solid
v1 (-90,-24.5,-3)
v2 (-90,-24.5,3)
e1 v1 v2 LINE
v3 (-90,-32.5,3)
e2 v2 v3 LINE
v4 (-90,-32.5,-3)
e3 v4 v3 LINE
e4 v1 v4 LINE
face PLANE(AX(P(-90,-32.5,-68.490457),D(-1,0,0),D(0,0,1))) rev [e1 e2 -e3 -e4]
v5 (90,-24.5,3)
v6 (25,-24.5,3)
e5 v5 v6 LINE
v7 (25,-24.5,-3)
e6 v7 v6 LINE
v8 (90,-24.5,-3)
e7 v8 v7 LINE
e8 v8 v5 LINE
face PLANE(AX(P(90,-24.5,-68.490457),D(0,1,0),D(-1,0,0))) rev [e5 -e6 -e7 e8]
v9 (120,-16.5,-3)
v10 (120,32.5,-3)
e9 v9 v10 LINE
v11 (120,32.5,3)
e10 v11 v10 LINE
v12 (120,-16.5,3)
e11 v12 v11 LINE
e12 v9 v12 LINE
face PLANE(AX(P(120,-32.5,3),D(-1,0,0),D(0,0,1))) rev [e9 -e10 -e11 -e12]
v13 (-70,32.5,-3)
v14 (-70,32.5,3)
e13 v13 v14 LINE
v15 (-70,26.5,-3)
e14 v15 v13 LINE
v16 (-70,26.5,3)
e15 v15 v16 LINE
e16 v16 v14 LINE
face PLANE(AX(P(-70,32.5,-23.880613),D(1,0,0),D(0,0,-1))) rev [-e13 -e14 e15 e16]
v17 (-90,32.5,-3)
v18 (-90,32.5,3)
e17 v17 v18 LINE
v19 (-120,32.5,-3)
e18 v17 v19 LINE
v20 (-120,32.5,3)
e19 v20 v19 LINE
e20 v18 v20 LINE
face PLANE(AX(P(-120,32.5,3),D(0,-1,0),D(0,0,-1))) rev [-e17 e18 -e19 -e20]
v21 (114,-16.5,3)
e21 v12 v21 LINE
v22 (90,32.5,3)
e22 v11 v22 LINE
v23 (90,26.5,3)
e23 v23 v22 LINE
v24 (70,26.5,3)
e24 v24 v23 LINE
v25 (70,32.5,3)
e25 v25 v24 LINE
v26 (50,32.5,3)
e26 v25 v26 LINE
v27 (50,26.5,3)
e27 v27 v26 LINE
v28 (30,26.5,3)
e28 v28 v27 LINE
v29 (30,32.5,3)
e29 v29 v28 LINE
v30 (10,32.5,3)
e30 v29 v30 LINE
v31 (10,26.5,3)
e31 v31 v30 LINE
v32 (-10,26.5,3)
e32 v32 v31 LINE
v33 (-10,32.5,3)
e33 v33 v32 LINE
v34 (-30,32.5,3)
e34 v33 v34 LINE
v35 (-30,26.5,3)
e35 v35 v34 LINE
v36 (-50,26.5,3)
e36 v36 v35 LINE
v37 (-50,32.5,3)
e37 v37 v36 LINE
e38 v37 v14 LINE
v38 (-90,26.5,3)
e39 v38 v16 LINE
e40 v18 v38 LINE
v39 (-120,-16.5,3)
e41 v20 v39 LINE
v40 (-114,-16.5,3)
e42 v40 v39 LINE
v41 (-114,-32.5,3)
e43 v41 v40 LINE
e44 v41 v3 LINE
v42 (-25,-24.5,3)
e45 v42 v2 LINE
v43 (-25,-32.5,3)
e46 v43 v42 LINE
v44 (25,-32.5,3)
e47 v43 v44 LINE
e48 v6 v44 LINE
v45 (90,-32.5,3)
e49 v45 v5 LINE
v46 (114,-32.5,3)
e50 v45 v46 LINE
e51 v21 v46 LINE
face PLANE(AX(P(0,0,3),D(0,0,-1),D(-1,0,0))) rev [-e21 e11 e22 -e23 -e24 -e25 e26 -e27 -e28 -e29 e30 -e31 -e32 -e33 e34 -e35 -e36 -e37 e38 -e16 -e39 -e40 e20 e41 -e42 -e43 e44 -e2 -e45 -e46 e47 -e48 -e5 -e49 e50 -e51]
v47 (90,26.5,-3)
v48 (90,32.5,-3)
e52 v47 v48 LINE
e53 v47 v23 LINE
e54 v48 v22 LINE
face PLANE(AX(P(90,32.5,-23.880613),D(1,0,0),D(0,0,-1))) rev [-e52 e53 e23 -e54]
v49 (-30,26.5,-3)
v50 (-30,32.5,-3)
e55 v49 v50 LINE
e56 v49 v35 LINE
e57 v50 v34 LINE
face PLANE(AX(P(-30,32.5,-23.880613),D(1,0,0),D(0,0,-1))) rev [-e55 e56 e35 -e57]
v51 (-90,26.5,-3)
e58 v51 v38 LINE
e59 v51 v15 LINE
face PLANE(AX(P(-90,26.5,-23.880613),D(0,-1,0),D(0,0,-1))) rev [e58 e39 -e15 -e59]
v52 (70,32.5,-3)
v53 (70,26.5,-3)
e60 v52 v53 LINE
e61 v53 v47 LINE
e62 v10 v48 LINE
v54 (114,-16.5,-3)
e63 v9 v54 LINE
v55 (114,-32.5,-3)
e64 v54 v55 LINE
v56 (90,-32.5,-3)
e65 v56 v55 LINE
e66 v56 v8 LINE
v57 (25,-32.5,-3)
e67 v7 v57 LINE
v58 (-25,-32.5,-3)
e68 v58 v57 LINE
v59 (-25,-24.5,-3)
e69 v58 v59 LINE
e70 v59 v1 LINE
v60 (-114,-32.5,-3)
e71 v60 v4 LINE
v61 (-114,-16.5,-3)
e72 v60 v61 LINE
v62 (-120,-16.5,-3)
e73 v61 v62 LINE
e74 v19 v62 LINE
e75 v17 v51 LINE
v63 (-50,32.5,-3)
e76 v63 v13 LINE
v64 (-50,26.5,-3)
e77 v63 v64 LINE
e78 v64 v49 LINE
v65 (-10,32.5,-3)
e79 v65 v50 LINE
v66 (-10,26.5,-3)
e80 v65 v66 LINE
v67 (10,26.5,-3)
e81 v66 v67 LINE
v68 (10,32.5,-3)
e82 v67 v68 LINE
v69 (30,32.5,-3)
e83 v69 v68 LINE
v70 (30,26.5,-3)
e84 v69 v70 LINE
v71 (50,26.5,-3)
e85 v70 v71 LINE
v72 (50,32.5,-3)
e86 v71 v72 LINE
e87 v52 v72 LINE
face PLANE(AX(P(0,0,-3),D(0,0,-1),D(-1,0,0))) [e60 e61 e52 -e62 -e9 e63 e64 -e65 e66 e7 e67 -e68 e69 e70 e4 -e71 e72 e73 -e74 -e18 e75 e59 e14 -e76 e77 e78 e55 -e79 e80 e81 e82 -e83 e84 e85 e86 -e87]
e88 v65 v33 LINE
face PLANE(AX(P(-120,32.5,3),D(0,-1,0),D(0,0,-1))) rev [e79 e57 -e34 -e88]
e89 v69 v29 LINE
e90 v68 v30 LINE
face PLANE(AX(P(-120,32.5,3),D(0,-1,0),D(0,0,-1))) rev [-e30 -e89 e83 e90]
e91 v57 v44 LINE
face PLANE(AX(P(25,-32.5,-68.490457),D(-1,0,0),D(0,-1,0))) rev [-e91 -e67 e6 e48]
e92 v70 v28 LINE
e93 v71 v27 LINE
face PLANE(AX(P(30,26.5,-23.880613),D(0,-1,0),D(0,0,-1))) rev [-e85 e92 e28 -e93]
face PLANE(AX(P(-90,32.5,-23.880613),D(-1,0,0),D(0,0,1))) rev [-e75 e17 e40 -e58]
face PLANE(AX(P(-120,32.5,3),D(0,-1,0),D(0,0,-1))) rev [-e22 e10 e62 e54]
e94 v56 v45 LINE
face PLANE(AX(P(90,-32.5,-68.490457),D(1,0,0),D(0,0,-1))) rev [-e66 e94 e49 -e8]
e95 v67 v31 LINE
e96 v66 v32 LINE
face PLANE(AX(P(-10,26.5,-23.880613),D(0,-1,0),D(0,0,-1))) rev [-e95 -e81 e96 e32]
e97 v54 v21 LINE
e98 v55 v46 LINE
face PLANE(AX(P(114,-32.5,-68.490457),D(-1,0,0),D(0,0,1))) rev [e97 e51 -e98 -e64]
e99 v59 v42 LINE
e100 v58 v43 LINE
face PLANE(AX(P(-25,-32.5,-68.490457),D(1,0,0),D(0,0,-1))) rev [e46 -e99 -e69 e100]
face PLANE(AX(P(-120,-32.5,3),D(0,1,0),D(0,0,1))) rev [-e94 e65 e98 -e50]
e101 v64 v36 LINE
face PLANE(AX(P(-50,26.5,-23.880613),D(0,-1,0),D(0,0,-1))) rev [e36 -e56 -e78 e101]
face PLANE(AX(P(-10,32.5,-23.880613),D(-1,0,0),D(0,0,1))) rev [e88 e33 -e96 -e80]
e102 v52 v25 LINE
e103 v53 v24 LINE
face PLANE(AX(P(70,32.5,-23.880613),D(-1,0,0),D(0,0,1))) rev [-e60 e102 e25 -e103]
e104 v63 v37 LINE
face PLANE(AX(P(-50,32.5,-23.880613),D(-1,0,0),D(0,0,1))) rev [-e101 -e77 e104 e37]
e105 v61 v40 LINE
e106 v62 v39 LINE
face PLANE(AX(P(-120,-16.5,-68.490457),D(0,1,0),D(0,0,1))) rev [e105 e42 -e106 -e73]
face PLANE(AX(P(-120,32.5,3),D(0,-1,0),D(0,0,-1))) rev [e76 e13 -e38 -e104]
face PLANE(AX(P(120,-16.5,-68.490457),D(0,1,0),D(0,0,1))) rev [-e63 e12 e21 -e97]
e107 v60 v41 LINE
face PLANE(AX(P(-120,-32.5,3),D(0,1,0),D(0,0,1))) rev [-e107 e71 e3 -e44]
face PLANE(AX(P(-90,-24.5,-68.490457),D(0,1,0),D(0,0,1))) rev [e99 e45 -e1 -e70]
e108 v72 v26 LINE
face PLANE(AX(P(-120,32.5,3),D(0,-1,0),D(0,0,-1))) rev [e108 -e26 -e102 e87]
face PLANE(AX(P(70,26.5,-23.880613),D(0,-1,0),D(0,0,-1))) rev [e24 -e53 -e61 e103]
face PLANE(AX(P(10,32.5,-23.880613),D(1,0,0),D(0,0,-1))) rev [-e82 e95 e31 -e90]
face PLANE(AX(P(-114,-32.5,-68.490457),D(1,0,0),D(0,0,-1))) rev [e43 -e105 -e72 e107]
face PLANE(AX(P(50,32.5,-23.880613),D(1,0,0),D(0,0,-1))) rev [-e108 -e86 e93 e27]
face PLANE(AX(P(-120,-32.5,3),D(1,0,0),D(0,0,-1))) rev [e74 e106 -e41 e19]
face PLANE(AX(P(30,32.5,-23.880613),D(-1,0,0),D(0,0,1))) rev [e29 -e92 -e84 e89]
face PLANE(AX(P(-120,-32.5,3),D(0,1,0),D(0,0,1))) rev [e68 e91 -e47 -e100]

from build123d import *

# Parameters (mm, degrees)
SKETCH1_W           = 240
SKETCH1_H           = 65
BOSS_EXTRUDE1_DEPTH = 3
SKETCH2_W           = 6
SKETCH2_H           = 16
SKETCH2_W_2         = 65
SKETCH2_H_2         = 8
CUT_EXTRUDE1_DEPTH  = 6
SKETCH3_W           = 20
SKETCH3_H           = 6
CUT_EXTRUDE2_DEPTH  = 6


with BuildPart() as part:
    # Sketch1 → Boss-Extrude1 (new body, symmetric)
    with BuildSketch(Plane.XY):
        Rectangle(SKETCH1_W, SKETCH1_H)
    extrude(amount=BOSS_EXTRUDE1_DEPTH, both=True)

    # Sketch2 → Cut-Extrude1 (cut)
    with BuildSketch(Plane.XY.offset(3)):
        with Locations((-117, -24.5)):
            Rectangle(SKETCH2_W, SKETCH2_H)
        with Locations((-57.5, -28.5)):
            Rectangle(SKETCH2_W_2, SKETCH2_H_2)
        with Locations((57.5, -28.5)):
            Rectangle(SKETCH2_W_2, SKETCH2_H_2)
        with Locations((117, -24.5)):
            Rectangle(SKETCH2_W, SKETCH2_H)
    extrude(amount=-CUT_EXTRUDE1_DEPTH, mode=Mode.SUBTRACT)

    # Sketch3 → Cut-Extrude2 (cut)
    with BuildSketch(Plane.XY.offset(3)):
        with Locations((-80, 29.5)):
            Rectangle(SKETCH3_W, SKETCH3_H)
        with Locations((-40, 29.5)):
            Rectangle(SKETCH3_W, SKETCH3_H)
        with Locations((0, 29.5)):
            Rectangle(SKETCH3_W, SKETCH3_H)
        with Locations((40, 29.5)):
            Rectangle(SKETCH3_W, SKETCH3_H)
        with Locations((80, 29.5)):
            Rectangle(SKETCH3_W, SKETCH3_H)
    extrude(amount=-CUT_EXTRUDE2_DEPTH, mode=Mode.SUBTRACT)


solid = part.part
